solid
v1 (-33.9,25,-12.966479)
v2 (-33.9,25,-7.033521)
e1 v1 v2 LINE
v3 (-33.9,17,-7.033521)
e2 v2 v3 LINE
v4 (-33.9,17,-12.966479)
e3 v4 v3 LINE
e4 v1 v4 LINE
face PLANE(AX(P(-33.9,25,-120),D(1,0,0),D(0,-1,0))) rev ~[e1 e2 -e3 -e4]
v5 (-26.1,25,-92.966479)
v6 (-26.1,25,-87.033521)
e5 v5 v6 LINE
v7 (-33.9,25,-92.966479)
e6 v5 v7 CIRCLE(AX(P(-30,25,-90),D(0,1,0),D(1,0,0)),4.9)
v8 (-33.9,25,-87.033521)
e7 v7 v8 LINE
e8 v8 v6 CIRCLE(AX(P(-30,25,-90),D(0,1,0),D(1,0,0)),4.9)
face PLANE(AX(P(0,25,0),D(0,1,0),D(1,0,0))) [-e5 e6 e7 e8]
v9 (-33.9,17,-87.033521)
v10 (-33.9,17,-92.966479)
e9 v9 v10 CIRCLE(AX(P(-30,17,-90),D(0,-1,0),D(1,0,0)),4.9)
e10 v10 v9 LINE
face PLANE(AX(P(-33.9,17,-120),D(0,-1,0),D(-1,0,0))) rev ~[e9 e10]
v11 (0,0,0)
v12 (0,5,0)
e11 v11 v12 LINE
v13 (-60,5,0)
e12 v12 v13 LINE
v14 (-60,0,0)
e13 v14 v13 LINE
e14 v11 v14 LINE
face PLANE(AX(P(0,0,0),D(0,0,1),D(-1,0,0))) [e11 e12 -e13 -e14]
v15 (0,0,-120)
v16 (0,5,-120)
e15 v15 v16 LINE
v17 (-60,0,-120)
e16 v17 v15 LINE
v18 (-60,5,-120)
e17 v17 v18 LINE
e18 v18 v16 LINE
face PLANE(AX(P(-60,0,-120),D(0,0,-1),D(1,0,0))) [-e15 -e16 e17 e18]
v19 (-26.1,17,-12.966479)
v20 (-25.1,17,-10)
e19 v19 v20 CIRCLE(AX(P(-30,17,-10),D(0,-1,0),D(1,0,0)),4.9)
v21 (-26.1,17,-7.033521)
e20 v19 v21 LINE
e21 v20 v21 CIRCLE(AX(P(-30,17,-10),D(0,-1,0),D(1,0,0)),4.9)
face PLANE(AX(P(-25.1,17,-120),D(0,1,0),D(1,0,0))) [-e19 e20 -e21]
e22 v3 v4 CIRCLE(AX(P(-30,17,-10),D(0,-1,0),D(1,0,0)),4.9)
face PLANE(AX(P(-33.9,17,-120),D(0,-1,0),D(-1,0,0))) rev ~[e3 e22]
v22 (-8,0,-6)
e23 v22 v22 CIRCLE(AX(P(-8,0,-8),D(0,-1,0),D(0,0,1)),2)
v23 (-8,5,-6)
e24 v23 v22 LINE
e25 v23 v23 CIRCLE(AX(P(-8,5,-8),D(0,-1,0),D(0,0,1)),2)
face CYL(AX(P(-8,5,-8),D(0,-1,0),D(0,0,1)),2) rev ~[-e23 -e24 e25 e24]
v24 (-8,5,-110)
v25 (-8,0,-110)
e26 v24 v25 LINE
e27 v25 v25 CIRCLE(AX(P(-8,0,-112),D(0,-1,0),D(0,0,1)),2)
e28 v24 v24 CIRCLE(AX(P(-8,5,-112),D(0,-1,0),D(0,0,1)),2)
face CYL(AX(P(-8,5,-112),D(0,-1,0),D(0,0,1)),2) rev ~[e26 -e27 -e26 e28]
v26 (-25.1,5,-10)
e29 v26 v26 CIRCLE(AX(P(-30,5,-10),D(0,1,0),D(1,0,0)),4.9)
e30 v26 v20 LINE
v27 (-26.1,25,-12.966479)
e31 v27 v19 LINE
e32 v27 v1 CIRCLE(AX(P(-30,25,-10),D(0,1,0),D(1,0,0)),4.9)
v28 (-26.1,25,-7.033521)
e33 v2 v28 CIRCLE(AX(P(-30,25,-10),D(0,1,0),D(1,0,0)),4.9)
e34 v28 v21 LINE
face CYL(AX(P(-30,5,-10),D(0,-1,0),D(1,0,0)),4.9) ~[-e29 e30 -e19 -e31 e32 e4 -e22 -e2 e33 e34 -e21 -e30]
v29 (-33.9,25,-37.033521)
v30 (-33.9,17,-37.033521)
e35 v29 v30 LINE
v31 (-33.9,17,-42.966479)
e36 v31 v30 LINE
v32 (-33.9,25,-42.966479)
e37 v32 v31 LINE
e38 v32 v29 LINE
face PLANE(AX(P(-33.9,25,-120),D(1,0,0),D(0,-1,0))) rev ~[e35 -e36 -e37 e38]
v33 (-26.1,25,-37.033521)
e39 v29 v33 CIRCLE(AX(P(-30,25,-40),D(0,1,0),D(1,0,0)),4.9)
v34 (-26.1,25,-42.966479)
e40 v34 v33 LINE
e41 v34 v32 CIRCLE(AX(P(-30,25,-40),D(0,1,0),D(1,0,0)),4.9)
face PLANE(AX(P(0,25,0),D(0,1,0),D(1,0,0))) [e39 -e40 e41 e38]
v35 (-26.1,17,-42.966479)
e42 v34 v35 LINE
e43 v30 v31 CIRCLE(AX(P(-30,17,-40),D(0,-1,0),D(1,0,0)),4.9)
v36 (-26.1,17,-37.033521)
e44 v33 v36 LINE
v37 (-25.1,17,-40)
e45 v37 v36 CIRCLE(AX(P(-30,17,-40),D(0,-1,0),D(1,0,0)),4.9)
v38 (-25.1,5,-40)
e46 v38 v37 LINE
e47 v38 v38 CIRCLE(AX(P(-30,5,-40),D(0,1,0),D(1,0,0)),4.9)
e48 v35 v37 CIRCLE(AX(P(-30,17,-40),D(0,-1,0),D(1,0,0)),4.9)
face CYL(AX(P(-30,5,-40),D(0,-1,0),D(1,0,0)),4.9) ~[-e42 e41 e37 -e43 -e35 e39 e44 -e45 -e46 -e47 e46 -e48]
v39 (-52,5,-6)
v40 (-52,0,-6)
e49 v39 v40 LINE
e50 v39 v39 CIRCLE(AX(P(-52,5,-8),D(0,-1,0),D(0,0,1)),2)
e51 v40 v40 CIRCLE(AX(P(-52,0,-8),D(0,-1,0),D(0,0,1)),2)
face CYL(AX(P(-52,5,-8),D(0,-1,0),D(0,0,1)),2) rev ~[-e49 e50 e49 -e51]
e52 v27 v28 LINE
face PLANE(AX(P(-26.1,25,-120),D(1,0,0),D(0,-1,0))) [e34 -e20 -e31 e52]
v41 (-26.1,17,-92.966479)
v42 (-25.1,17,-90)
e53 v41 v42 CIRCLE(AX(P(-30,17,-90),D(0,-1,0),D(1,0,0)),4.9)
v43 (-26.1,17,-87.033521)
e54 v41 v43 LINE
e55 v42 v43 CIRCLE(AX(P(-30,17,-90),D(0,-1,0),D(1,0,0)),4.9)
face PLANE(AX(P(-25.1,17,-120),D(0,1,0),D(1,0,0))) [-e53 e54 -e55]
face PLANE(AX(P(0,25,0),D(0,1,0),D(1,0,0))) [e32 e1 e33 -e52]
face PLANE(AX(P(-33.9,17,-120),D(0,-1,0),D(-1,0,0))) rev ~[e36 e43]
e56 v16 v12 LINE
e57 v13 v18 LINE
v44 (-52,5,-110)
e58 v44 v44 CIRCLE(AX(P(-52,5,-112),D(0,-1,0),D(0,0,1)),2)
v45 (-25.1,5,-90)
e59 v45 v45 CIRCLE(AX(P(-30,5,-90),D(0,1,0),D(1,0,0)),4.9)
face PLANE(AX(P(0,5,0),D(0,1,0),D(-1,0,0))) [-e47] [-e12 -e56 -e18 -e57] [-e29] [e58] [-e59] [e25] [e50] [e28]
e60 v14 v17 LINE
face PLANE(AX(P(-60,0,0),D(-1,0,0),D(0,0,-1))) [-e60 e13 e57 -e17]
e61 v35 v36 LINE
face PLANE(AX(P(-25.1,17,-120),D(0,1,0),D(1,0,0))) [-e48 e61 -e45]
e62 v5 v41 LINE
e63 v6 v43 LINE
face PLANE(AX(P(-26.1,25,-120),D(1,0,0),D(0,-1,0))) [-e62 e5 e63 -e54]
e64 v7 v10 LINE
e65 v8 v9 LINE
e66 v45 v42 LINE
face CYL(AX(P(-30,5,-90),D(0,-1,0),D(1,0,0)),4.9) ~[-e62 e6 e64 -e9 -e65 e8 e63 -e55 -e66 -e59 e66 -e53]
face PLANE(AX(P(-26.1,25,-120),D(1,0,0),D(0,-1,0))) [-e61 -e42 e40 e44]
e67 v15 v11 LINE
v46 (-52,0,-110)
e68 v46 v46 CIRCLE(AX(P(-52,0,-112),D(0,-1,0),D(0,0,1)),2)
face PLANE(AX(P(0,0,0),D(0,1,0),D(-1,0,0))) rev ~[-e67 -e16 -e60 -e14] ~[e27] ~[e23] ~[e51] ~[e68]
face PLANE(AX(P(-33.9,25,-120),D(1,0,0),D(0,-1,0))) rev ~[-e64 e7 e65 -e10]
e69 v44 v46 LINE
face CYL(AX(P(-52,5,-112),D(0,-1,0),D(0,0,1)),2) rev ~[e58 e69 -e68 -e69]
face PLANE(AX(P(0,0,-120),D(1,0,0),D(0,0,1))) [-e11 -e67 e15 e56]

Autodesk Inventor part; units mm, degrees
ref_plane "YZ Plane" through (0, 0, 0) normal (1, 0, 0) x (0, 1, 0)
ref_plane "XZ Plane" through (0, 0, 0) normal (0, 1, 0) x (-1, 0, 0)
ref_plane "XY Plane" through (0, 0, 0) normal (0, 0, 1) x (1, 0, 0)
sketch "Skizze1" plane through (0, 0, 0) normal (0, 1, 0) x (-1, 0, 0)
  line L0 (0, 0) -> (60, 0)
  line L1 (60, 0) -> (60, -120)
  line L2 (60, -120) -> (0, -120)
  line L3 (0, -120) -> (0, 0)
  dimension "d0" = 120
  dimension "d1" = 60
extrude "Extrusion1" add sketch "Skizze1" along normal blind 5
sketch "Skizze2" plane through (0, 5, 0) normal (0, 1, 0) x (1, 0, 0)
  circle A0 centre (-30, 10) radius 4.9
  circle A1 centre (-30, 40) radius 4.9
  circle A2 centre (-30, 90) radius 4.9
  line L0 (-60, 0) -> (0, 0) projected
  line L1 (0, 0) -> (0, 120) projected
  dimension "d4" = 10
  dimension "d5" = 30
  dimension "d6" = 50
  dimension "d7" = 30
  dimension "d8" = 30
  dimension "d9" = 30
  dimension "d10" = 9.8
  dimension "d11" = 9.8
  dimension "d12" = 9.8
extrude "Extrusion2" add sketch "Skizze2" along normal blind 20
sketch "Skizze3" plane through (0, 0, -120) normal (0, 0, -1) x (-1, 0, 0)
  line L0 (25.1, 5) -> (25.1, 25) projected
  line L1 (25.1, 6.7142) -> (25.1, 25)
  line L2 (34.9, 5) -> (34.9, 25) projected
  line L3 (34.9, 5) -> (34.9, 25)
  line L4 (60, 5) -> (0, 5) projected
  line L5 (23.3172, 25) -> (26.1, 25)
  line L6 (26.1, 25) -> (26.1, 17)
  line L7 (26.1, 17) -> (23.3172, 17)
  line L8 (23.3172, 17) -> (23.3172, 25)
  line L9 (36.4895, 25) -> (33.9, 25)
  line L10 (33.9, 25) -> (33.9, 17)
  line L11 (33.9, 17) -> (36.4895, 17)
  line L12 (36.4895, 17) -> (36.4895, 25)
  line L13 (34.9, 25) -> (25.1, 25) projected
  point P0 (0, 0)
  dimension "d19" = 8
  dimension "d20" = 1
  dimension "d21" = 1
extrude "Extrusion3" cut sketch "Skizze3" against normal blind 120 contours L7 L8 L5 L0 | L0 L5 L6 L7 | L11 L10 L9 L2 | L2 L9 L12 L11
sketch "Skizze4" plane through (0, 5, 0) normal (0, 1, 0) x (1, 0, 0)
  line L0 (0, 0) -> (0, 120) projected
  line L1 (-60, 0) -> (0, 0) projected
  line L2 (-60, 120) -> (-60, 0) projected
  line L3 (0, 120) -> (-60, 120) projected
  point P0 (-8, 8)
  point P1 (-52, 8)
  point P2 (-8, 112)
  point P3 (-52, 112)
  dimension "d31" = 8
  dimension "d32" = 8
  dimension "d33" = 8
  dimension "d34" = 8
  dimension "d35" = 8
  dimension "d36" = 8
  dimension "d37" = 8
  dimension "d38" = 8
  dimension "d39" = 104
  dimension "d40" = 44
hole "Bohrung1" at (-8, 5, -8) at (-52, 5, -8) at (-8, 5, -112) at (-52, 5, -112) direction (0, -1, 0) diameter 4 depth 5
properties part number "Gear_Platte_3D-Druck_3D-Druck"
